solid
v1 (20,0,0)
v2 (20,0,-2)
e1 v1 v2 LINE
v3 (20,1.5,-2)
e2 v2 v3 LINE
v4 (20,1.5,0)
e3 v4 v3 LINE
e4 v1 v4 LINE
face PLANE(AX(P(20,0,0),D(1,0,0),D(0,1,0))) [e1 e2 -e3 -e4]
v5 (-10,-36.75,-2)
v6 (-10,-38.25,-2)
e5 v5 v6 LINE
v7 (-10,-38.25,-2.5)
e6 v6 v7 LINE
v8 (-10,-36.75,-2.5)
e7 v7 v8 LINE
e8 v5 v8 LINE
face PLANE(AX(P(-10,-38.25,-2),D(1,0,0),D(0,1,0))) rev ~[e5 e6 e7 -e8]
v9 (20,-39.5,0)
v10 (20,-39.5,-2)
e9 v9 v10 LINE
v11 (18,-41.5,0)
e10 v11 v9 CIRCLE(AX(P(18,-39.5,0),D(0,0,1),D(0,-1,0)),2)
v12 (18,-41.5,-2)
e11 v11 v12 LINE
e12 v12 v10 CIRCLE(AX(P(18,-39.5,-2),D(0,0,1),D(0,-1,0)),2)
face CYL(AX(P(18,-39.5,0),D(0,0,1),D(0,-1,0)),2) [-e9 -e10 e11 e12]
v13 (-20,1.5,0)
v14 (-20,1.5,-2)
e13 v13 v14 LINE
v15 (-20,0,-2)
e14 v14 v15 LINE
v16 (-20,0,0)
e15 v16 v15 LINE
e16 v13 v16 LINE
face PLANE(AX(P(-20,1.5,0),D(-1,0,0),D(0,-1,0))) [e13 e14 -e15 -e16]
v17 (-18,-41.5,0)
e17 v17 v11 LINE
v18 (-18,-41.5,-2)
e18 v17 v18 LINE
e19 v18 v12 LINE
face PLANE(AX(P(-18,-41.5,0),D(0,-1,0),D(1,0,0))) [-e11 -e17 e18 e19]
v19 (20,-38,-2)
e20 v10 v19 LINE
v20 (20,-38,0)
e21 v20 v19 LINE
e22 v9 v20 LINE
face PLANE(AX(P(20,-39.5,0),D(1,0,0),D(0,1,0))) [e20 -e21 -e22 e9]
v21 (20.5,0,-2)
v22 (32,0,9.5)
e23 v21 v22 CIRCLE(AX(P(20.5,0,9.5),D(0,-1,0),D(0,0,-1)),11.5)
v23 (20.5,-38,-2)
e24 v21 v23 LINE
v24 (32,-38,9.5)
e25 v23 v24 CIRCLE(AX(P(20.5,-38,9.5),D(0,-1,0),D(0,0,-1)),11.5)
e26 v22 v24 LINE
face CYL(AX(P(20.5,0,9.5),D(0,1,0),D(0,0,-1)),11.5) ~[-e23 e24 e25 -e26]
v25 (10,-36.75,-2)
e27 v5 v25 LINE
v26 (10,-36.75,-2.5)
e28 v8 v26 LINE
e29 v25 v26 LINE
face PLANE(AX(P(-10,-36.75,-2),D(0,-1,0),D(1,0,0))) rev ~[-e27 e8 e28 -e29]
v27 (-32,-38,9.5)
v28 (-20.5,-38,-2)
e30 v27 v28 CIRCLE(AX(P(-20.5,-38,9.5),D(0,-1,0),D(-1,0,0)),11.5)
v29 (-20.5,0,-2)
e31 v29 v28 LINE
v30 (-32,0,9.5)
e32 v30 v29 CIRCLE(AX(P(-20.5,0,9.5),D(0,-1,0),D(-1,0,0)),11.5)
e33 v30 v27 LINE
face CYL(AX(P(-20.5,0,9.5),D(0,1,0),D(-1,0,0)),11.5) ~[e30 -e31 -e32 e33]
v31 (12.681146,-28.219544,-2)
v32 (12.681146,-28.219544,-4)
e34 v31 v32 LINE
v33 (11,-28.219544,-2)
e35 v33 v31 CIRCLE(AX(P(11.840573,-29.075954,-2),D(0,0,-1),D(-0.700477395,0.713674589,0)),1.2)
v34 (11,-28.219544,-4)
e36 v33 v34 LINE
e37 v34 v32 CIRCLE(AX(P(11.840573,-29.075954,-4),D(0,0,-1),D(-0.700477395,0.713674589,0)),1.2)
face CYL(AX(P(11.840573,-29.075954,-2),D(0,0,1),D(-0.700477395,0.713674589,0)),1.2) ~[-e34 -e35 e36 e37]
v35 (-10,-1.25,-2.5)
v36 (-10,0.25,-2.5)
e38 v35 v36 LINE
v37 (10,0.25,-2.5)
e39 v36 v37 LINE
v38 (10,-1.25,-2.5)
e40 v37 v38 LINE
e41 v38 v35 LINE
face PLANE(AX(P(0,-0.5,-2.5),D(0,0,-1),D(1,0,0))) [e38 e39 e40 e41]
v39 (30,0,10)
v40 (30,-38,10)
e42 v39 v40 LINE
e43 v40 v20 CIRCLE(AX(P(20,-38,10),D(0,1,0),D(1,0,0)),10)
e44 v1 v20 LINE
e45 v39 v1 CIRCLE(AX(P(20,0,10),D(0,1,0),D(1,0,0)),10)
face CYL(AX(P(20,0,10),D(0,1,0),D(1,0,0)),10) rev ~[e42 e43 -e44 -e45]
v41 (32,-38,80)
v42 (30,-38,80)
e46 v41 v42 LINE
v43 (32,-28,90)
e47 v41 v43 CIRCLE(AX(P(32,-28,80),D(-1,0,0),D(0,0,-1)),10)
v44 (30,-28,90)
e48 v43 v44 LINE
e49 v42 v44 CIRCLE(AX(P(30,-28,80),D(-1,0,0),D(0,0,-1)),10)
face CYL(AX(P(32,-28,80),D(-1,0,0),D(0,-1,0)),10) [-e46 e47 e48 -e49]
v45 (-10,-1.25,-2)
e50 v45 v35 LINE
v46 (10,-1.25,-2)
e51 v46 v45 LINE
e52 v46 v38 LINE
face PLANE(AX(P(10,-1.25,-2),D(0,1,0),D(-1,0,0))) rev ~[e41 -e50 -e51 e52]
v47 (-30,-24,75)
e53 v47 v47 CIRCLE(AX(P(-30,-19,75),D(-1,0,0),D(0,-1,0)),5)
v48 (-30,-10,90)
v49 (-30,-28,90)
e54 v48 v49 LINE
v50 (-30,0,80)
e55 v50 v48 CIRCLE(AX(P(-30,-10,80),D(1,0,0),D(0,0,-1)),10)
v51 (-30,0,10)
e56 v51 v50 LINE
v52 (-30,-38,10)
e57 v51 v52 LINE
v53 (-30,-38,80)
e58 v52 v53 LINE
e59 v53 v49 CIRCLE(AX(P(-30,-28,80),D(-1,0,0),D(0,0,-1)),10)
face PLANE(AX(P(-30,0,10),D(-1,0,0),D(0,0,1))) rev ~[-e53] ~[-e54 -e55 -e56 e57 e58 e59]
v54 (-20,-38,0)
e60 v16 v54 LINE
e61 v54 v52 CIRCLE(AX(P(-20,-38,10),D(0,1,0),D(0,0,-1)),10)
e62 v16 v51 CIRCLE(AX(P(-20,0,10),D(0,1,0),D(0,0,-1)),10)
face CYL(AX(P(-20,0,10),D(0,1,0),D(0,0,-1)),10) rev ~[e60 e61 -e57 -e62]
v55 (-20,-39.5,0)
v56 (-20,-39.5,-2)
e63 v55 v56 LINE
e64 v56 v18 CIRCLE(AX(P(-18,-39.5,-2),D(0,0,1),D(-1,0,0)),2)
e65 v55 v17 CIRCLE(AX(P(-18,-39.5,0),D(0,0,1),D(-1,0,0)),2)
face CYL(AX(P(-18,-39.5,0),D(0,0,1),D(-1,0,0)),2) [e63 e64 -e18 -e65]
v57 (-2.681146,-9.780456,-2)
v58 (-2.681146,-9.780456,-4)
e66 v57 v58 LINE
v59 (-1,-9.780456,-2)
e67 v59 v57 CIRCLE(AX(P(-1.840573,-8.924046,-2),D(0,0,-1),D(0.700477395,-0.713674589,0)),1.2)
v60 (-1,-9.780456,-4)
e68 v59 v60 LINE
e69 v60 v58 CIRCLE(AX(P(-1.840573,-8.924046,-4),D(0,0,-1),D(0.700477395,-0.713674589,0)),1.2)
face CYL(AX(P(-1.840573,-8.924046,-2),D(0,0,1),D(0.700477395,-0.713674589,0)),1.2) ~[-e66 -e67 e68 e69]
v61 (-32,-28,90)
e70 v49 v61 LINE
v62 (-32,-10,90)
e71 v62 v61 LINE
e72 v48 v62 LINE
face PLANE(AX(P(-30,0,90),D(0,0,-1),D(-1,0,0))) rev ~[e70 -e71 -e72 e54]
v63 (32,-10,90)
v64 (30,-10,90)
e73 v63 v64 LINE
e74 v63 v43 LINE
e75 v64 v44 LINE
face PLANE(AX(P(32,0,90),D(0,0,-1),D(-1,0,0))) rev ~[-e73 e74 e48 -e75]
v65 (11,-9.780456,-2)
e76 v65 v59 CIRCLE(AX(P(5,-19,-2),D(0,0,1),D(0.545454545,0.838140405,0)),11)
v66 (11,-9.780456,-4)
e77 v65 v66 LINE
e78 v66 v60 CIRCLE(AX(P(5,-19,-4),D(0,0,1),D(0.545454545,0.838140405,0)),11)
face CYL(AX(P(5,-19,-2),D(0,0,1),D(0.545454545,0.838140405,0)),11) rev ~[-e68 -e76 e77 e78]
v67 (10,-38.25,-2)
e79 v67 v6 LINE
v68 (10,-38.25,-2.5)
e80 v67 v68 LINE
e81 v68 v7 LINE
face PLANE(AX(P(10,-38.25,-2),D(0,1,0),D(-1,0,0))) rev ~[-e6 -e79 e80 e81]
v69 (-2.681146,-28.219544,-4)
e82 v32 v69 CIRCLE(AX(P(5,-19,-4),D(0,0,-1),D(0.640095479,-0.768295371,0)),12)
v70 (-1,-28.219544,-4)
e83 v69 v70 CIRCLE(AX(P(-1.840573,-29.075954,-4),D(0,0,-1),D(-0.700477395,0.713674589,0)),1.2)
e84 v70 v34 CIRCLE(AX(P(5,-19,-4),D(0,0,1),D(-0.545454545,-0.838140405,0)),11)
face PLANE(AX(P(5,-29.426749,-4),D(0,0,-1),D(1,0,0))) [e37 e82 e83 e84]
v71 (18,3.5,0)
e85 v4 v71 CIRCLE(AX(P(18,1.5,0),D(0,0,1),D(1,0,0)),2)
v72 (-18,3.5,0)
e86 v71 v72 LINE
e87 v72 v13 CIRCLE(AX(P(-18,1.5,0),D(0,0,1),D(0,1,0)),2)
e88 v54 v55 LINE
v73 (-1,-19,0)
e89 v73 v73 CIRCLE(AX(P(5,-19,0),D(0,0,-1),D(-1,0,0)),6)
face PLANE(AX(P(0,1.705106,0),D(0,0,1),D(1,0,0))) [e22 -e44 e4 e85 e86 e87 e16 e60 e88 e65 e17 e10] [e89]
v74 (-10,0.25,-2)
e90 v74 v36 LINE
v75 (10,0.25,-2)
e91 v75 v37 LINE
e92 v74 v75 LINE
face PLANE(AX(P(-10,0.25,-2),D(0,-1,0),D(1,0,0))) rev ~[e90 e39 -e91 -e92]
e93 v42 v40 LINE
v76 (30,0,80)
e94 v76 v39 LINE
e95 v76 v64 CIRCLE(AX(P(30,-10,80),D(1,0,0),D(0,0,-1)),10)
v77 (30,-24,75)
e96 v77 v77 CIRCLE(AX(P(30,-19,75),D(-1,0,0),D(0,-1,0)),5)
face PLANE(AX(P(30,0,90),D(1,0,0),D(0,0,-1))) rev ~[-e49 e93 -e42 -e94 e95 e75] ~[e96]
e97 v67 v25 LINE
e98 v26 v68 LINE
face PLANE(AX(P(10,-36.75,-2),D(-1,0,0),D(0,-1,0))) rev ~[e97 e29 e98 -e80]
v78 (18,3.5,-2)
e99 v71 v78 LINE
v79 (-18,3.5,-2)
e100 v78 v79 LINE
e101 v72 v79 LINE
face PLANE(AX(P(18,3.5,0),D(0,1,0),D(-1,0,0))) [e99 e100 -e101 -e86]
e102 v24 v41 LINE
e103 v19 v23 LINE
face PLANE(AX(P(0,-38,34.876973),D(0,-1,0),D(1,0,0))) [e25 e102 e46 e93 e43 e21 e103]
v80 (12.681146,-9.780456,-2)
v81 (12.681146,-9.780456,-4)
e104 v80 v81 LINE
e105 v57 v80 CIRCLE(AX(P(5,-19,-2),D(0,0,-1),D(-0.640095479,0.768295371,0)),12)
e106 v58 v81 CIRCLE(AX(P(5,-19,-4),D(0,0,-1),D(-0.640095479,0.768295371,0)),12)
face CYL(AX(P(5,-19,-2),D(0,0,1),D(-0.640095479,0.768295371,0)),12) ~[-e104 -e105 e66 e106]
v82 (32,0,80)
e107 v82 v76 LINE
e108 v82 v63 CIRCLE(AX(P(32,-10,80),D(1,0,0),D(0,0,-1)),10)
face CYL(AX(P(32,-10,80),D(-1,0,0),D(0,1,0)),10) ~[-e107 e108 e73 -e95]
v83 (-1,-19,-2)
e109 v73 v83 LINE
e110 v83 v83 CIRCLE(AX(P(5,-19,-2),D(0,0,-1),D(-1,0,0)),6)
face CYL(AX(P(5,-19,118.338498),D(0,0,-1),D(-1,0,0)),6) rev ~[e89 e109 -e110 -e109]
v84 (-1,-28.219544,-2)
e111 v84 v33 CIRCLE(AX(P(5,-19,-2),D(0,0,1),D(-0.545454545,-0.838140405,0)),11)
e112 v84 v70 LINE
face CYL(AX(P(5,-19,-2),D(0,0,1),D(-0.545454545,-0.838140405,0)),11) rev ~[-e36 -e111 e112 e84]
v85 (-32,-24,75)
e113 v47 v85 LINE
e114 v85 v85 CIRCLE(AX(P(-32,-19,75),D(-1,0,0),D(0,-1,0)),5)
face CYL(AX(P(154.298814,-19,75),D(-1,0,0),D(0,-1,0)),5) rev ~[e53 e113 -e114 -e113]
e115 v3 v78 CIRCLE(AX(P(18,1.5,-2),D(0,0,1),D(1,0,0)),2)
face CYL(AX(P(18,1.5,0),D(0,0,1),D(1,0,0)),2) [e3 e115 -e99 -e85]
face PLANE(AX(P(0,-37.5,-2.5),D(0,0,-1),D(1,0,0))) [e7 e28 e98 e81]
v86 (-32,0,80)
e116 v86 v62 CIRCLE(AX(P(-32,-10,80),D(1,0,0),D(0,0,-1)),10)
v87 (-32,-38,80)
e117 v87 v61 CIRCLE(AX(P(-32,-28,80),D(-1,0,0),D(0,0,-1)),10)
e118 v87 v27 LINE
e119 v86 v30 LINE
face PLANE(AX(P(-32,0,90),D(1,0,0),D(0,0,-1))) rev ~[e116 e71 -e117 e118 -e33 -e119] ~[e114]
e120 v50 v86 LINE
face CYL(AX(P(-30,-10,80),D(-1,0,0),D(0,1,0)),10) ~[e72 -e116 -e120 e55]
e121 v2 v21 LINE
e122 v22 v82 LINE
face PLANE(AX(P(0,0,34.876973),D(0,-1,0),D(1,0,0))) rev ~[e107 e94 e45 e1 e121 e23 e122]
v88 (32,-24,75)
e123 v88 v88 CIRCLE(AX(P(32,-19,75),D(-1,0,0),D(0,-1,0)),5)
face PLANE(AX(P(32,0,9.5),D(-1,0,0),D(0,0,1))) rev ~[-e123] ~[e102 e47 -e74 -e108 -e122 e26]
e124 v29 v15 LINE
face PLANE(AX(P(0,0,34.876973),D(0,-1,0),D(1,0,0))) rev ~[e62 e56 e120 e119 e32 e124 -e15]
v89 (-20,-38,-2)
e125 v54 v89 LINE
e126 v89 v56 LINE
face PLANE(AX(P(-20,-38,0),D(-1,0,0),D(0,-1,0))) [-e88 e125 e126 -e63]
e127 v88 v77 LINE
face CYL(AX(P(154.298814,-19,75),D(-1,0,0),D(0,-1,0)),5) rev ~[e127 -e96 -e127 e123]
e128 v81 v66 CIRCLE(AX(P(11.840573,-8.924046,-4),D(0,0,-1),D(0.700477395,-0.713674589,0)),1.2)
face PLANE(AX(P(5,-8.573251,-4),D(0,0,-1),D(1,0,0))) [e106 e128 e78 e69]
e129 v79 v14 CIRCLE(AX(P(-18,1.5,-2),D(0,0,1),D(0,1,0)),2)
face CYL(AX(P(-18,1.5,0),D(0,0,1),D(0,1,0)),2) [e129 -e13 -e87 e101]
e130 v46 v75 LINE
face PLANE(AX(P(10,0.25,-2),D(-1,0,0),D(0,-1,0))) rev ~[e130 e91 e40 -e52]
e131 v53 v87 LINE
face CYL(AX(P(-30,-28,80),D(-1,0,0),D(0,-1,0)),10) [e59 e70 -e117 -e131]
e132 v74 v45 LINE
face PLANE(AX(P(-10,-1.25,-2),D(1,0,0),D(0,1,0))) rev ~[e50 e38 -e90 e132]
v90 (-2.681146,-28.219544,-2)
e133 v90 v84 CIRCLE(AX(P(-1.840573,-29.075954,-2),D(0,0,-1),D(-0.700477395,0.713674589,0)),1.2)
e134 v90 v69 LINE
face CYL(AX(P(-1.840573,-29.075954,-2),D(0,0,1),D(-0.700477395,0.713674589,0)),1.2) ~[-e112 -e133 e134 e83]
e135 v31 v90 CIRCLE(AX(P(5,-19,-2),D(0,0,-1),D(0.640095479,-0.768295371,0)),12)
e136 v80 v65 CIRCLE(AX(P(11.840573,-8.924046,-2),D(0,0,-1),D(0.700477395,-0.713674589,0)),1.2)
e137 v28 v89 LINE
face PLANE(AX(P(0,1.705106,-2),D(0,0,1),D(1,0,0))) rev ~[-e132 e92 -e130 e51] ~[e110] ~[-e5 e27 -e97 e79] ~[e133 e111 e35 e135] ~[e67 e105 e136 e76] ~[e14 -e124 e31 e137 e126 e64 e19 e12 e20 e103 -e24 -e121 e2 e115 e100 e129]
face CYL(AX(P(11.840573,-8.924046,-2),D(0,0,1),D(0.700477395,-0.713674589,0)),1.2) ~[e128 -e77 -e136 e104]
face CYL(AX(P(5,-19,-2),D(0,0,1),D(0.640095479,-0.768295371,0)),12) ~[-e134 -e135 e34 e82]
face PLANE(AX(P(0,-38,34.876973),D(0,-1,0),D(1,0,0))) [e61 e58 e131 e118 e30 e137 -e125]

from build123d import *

# Parameters (mm, degrees)
F1_DEPTH  = 38
F3_D      = 12
F5_DEPTH  = 2
F6_R      = 10
F8_DEPTH  = 0.5
F10_DEPTH = 2
F12_D     = 10


with BuildPart() as f1:
    # F0 (on Front) → F1 (new body)
    with BuildSketch(Plane.XZ):
        with BuildLine():
            Line((20, 0), (0, 0))
            Line((0, 0), (-20, 0))
            ThreePointArc((-20, 0), (-27.0710678119, 2.9289321881), (-30, 10))
            Line((-30, 10), (-30, 90))
            Line((-30, 90), (-32, 90))
            Line((-32, 90), (-32, 9.5))
            ThreePointArc((-32, 9.5), (-28.6317279836, 1.3682720164), (-20.5, -2))
            Line((-20.5, -2), (0, -2))
            Line((0, -2), (20.5, -2))
            ThreePointArc((20.5, -2), (28.6317279836, 1.3682720164), (32, 9.5))
            Line((32, 9.5), (32, 90))
            Line((32, 90), (30, 90))
            Line((30, 90), (30, 10))
            ThreePointArc((30, 10), (27.0710678119, 2.9289321881), (20, 0))
        make_face()
    extrude(amount=F1_DEPTH)

    # F3 (through all)
    with Locations(Plane.XY):
        with Locations((5, -19)):
            Hole(F3_D / 2)

    # F4 (on face) → F5 (join)
    with BuildSketch(Plane(origin=(0, 0, -2), x_dir=(1, 0, 0), z_dir=(0, 0, -1))):
        with BuildLine():
            ThreePointArc((-1, 28.2195444573), (5, 30), (11, 28.2195444573))
            ThreePointArc((11, 28.2195444573), (11.8405728739, 27.8759539642), (12.6811457479, 28.2195444573))
            ThreePointArc((12.6811457479, 28.2195444573), (5, 31), (-2.6811457479, 28.2195444573))
            ThreePointArc((-2.6811457479, 28.2195444573), (-1.8405728739, 27.8759539642), (-1, 28.2195444573))
        make_face()
        with BuildLine():
            ThreePointArc((11, 9.7804555427), (5, 8), (-1, 9.7804555427))
            ThreePointArc((-1, 9.7804555427), (-1.8405728739, 10.1240460358), (-2.6811457479, 9.7804555427))
            ThreePointArc((-2.6811457479, 9.7804555427), (5, 7), (12.6811457479, 9.7804555427))
            ThreePointArc((12.6811457479, 9.7804555427), (11.8405728739, 10.1240460358), (11, 9.7804555427))
        make_face()
    extrude(amount=F5_DEPTH)

    # F6
    f6_edges = [f1.edges().sort_by_distance(p)[0] for p in [
        (-31, -38, 90),
        (31, -38, 90),
        (-31, 0, 90),
        (31, 0, 90),
    ]]
    fillet(f6_edges, radius=F6_R)

    # F7 (on face) → F8 (join)
    with BuildSketch(Plane(origin=(0, 0, -2), x_dir=(1, 0, 0), z_dir=(0, 0, -1))):
        Polygon((10, 36.75), (10, 37.5), (10, 38.25), (-10, 38.25), (-10, 36.75), align=None)
        Polygon((10, -0.25), (10, 0.5), (10, 1.25), (-10, 1.25), (-10, -0.25), align=None)
    extrude(amount=F8_DEPTH)

    # F9 (on face) → F10 (join)
    with BuildSketch(Plane.XY):
        with BuildLine():
            Line((-20, 1.5), (-20, 0))
            Line((-20, 0), (20, 0))
            Line((20, 0), (20, 1.5))
            ThreePointArc((20, 1.5), (19.4142135624, 2.9142135624), (18, 3.5))
            Line((18, 3.5), (-18, 3.5))
            ThreePointArc((-18, 3.5), (-19.4142135624, 2.9142135624), (-20, 1.5))
        make_face()
        with BuildLine():
            ThreePointArc((18, -41.5), (19.4142135624, -40.9142135624), (20, -39.5))
            Line((20, -39.5), (20, -38))
            Line((20, -38), (-20, -38))
            Line((-20, -38), (-20, -39.5))
            ThreePointArc((-20, -39.5), (-19.4142135624, -40.9142135624), (-18, -41.5))
            Line((-18, -41.5), (18, -41.5))
        make_face()
    extrude(amount=-F10_DEPTH)

    # F12 (through all)
    with Locations(Plane.YZ.offset(32)):
        with Locations((-19, 75)):
            Hole(F12_D / 2)


solid = f1.part
